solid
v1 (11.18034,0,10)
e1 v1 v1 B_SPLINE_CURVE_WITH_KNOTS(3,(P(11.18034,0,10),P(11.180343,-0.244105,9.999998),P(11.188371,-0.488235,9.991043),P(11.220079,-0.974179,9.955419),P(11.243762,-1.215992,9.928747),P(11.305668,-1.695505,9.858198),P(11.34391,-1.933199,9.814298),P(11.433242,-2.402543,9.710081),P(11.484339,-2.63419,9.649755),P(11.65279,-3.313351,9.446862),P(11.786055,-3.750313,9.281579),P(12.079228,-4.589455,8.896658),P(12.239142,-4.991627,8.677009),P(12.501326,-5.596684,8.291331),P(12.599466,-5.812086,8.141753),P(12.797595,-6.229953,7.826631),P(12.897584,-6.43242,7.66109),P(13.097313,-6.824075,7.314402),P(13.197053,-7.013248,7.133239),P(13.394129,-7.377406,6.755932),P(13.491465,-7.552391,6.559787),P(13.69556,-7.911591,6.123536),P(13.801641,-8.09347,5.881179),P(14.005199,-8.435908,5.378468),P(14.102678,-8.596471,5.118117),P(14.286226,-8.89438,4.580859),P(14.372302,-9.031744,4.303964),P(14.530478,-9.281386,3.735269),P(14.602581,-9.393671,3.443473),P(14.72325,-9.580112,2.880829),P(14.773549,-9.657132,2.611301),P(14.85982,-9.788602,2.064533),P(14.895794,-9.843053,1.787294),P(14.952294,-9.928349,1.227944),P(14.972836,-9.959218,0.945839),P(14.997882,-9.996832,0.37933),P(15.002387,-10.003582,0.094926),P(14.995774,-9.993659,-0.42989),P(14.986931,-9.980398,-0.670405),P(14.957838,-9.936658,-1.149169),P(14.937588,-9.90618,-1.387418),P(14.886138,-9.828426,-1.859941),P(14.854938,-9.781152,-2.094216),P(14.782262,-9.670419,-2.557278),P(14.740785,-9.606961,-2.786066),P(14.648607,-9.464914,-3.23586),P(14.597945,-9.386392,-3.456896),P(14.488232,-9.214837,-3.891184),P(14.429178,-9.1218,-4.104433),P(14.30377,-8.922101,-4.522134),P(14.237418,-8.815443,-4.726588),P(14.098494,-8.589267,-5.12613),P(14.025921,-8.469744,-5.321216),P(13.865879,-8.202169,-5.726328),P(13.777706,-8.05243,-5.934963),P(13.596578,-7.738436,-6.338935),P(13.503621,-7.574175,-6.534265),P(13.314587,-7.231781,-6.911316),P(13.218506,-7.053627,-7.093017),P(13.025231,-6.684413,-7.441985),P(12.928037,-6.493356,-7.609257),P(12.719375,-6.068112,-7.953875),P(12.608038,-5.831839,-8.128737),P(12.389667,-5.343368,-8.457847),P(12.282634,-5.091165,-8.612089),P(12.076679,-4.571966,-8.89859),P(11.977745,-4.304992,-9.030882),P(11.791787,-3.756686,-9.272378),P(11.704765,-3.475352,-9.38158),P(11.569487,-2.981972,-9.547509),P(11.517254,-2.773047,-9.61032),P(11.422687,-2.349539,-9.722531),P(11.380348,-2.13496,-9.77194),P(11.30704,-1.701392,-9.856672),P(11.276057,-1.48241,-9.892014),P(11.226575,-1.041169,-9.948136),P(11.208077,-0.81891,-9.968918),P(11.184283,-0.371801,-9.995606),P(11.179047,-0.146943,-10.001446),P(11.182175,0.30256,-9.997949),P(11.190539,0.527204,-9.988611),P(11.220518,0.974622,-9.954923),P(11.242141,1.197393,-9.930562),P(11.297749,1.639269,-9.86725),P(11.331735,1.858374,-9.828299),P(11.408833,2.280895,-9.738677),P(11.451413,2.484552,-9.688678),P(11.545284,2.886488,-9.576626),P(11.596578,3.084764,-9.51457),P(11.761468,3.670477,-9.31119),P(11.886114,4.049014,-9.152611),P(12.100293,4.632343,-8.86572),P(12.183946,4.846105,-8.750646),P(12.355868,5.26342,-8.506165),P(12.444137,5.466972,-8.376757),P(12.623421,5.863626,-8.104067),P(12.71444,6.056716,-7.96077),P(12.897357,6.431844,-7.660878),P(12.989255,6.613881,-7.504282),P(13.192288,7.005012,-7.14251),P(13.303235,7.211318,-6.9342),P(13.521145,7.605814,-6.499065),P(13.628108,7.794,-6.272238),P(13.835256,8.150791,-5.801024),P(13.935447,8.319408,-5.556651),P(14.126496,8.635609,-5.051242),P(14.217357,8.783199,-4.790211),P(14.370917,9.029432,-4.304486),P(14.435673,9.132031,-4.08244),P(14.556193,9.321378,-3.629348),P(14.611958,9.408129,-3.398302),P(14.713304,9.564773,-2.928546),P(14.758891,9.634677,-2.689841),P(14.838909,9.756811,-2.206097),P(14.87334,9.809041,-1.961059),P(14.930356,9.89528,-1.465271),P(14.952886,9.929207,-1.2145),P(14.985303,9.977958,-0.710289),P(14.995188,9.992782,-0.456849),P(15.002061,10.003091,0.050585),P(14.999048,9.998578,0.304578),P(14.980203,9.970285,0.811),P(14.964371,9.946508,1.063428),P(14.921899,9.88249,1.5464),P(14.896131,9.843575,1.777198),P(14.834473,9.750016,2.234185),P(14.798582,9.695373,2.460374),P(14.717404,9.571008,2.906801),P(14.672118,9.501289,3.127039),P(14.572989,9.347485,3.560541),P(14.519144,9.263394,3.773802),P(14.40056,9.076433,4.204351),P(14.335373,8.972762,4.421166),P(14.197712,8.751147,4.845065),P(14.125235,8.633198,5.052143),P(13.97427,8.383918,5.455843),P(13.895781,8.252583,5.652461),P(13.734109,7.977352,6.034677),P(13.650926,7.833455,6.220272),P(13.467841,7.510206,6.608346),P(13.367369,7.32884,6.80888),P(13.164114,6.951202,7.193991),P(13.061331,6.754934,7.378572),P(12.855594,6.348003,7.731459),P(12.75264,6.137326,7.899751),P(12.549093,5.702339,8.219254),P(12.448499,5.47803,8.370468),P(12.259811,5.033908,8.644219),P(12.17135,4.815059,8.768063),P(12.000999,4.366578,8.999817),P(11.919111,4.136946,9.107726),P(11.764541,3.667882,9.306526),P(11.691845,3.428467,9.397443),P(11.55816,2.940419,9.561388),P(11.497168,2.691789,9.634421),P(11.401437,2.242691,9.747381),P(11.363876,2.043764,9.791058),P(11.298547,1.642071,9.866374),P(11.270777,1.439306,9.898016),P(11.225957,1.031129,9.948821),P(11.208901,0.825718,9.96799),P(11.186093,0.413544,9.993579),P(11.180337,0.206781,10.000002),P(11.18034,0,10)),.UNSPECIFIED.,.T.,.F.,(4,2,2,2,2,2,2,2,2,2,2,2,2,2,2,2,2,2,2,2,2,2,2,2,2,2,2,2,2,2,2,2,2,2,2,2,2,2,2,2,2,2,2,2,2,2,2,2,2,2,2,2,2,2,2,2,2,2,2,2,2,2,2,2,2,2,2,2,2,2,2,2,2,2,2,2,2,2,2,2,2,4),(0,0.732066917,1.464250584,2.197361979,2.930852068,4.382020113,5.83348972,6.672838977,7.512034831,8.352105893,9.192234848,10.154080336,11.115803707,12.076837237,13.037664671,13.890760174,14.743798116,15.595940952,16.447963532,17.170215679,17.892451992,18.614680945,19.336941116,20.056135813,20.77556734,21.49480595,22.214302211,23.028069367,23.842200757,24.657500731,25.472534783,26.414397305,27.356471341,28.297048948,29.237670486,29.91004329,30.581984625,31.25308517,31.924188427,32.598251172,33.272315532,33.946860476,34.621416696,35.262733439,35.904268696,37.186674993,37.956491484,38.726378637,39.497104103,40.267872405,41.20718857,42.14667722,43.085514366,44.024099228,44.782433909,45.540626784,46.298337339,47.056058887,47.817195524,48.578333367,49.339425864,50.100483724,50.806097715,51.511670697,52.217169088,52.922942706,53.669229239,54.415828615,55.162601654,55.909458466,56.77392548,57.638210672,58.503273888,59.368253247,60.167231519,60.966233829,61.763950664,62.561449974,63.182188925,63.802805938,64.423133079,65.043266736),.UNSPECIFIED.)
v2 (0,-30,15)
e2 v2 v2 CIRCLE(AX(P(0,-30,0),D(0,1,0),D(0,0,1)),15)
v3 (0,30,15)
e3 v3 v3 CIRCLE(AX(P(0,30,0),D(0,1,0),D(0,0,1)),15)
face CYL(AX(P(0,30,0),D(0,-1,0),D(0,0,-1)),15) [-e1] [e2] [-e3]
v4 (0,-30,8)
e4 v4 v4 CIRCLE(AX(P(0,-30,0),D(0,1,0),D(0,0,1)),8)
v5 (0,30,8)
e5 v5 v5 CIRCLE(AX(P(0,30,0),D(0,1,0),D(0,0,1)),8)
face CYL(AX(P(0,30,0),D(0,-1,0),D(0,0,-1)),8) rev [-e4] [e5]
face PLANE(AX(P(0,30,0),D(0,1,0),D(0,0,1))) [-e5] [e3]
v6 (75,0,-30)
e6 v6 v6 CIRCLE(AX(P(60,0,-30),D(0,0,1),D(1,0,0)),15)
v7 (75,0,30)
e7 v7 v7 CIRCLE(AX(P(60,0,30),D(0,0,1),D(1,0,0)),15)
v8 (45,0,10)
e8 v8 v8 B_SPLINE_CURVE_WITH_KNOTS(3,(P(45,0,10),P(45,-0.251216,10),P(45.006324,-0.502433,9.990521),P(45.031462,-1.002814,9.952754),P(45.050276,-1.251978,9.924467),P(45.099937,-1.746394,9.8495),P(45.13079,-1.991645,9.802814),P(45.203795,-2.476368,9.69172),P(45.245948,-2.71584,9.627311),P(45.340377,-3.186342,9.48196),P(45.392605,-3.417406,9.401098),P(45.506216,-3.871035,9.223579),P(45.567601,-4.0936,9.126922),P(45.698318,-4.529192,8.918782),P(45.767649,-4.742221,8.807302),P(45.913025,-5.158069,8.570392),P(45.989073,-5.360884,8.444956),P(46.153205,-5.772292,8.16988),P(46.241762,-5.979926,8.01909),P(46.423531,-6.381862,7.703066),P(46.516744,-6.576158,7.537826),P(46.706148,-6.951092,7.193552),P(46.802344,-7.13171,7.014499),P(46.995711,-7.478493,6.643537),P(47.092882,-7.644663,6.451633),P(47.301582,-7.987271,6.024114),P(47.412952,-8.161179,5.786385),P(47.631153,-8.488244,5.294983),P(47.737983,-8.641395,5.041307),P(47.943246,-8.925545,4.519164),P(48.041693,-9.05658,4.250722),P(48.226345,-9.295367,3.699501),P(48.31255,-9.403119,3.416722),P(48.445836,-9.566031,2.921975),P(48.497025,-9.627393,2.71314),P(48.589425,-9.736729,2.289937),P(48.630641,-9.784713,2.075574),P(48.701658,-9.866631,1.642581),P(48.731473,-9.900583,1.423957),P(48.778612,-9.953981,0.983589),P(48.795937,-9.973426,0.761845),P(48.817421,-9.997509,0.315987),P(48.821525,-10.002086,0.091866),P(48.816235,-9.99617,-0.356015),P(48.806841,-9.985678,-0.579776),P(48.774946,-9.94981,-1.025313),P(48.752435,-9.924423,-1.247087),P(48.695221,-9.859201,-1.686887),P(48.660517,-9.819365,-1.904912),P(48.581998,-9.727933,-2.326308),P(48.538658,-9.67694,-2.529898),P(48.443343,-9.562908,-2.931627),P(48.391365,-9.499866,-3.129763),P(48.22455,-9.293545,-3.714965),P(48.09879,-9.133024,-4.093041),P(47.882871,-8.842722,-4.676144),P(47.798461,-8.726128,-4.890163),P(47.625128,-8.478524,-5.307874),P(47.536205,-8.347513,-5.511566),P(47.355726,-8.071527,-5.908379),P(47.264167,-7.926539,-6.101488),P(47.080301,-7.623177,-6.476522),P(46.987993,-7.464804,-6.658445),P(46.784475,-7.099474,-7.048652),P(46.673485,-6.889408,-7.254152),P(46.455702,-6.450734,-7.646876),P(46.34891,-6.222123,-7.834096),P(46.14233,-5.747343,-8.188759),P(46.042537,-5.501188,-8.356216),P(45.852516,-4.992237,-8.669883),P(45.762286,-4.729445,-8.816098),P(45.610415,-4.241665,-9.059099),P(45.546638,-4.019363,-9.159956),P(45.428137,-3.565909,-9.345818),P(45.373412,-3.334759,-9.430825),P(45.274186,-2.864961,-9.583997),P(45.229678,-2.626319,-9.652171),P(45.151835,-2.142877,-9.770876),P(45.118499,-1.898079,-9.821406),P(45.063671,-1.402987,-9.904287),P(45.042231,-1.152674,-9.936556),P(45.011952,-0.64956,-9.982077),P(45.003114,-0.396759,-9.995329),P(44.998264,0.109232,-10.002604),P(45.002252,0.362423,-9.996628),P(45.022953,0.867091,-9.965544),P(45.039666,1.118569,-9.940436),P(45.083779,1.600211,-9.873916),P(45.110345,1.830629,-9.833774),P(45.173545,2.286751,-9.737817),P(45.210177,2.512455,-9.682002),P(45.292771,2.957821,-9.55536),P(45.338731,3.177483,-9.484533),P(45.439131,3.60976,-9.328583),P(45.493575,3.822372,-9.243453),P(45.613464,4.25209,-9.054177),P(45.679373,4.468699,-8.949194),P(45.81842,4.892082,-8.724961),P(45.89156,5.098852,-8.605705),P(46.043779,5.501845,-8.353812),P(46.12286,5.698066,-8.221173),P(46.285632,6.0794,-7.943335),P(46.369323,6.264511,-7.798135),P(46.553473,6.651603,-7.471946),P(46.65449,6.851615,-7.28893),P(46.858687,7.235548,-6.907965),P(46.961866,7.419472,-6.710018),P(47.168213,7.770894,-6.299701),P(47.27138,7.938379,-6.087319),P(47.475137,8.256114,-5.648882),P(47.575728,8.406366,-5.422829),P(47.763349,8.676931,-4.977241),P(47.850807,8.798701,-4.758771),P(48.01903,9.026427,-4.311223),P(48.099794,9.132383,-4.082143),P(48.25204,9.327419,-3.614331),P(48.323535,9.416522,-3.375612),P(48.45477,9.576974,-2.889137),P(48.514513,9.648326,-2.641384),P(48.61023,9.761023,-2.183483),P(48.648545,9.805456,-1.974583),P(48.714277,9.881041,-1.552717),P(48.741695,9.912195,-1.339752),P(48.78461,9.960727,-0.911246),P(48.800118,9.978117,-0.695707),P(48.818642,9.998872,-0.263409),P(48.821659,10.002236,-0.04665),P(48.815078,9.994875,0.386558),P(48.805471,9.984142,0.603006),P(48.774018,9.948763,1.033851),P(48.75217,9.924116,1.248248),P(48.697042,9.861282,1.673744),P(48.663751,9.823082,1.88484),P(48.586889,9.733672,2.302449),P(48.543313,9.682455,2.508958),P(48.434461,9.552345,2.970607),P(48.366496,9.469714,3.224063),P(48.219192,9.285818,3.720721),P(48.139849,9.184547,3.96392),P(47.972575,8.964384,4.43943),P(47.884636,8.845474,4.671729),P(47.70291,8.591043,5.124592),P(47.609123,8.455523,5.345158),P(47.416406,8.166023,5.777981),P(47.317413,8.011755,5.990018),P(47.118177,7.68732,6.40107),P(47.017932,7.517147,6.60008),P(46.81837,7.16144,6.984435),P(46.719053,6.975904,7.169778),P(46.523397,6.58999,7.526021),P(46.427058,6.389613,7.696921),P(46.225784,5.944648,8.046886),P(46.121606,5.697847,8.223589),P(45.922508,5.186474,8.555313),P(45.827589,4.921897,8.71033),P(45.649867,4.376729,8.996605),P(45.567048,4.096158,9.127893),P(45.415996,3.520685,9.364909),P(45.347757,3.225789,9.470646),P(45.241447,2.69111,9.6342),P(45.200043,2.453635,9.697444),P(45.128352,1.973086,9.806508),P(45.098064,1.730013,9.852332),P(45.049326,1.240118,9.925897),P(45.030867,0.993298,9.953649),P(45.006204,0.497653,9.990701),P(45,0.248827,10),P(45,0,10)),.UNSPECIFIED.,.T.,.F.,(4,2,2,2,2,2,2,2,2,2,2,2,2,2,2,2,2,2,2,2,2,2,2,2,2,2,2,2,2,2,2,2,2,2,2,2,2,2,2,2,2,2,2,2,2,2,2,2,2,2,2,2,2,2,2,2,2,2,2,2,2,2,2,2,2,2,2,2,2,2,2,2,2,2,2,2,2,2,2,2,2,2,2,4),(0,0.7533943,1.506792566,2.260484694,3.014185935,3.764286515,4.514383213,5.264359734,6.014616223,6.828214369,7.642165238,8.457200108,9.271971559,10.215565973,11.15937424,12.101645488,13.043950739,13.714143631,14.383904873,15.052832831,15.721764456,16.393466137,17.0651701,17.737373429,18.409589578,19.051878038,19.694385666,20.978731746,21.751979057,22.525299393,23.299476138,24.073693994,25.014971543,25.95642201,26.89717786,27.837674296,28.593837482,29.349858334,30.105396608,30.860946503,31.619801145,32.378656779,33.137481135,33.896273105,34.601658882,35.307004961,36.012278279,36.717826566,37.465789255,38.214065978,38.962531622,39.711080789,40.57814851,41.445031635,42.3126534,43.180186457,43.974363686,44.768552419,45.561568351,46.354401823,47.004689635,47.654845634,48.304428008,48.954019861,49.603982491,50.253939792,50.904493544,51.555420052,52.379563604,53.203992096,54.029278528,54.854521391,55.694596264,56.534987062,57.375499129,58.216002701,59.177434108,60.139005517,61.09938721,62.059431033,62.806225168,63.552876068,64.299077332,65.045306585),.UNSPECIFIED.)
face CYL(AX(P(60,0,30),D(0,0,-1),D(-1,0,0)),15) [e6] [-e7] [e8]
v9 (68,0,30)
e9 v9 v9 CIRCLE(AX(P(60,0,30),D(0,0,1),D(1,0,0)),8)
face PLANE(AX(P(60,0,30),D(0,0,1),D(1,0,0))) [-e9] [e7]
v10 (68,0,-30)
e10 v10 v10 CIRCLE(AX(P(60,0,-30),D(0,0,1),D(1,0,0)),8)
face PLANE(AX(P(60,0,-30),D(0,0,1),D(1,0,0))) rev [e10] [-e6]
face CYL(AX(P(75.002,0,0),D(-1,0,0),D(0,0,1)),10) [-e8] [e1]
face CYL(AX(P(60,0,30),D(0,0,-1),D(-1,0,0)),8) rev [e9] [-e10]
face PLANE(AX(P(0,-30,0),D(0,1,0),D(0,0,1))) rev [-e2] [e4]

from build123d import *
from build123d.topology import SkipClean

# Parameters (mm, degrees)
SKETCH1_R                            = 15
SKETCH1_R_2                          = 8
BOSS_EXTRUDE1_DEPTH                  = 30
SKETCH3_R                            = 15
SKETCH3_R_2                          = 8
BOSS_EXTRUDE3_DEPTH                  = 30
BOSS_EXTRUDE4_REACH                  = 75.485
BOSS_EXTRUDE4_END_RADIUS             = 15
SKETCH4_R                            = 10
BOSS_EXTRUDE4_DIRECTION_2_REACH      = 75.485
BOSS_EXTRUDE4_DIRECTION_2_END_RADIUS = 15


with BuildPart() as part:
    # Sketch1 → Boss-Extrude1 (new, symmetric)
    with BuildSketch(Plane(origin=(0, 0, 0), x_dir=(1, 0, 0), z_dir=(0, 1, 0))):
        with Locations(Location((0, 0, 0), (0, 0, 270))):
            Circle(SKETCH1_R)
        with Locations(Location((0, 0, 0), (0, 0, 270))):
            Circle(SKETCH1_R_2, mode=Mode.SUBTRACT)
    extrude(amount=BOSS_EXTRUDE1_DEPTH, both=True)



with BuildPart() as body_2:
    # Sketch3 → Boss-Extrude3 (new, symmetric)
    with BuildSketch(Plane.XY):
        with Locations((60, 0)):
            Circle(SKETCH3_R)
        with Locations((60, 0)):
            Circle(SKETCH3_R_2, mode=Mode.SUBTRACT)
    extrude(amount=BOSS_EXTRUDE3_DEPTH, both=True)


with BuildPart() as part_1:
    add(part.part)

    add(body_2.part)  # Boss-Extrude4 merges body 2
    # Boss-Extrude4: up to this cylinder (the profile starts outside it)
    boss_extrude4_end = Plane(origin=(60, 0, 0), z_dir=(0, 0, -1)) * Cylinder(BOSS_EXTRUDE4_END_RADIUS, 181.97, mode=Mode.PRIVATE)
    # Sketch4 → Boss-Extrude4 (add, up to the surface)
    with BuildSketch(Plane(origin=(15, 0, 0), x_dir=(0, 0, -1), z_dir=(1, 0, 0)), mode=Mode.PRIVATE) as boss_extrude4_sk1:
        with Locations(Location((0, 0, 0), (0, 0, 180))):
            Circle(SKETCH4_R)
    boss_extrude4_tool1 = extrude(boss_extrude4_sk1.sketch, amount=BOSS_EXTRUDE4_REACH, mode=Mode.PRIVATE) - boss_extrude4_end
    add(boss_extrude4_tool1.solids().sort_by_distance((15, 0, 0))[0])

    # Boss-Extrude4 direction 2: up to this cylinder (the profile starts outside it)
    with SkipClean():  # the faces are left unmerged after this step: merging them gives an invalid solid
        boss_extrude4_direction_2_end = Plane(origin=(0, 0, 0), z_dir=(0, -1, 0)) * Cylinder(BOSS_EXTRUDE4_DIRECTION_2_END_RADIUS, 181.97, mode=Mode.PRIVATE)
        # Sketch4 → Boss-Extrude4 direction 2 (add, up to the surface)
        with BuildSketch(Plane(origin=(15, 0, 0), x_dir=(0, 0, -1), z_dir=(1, 0, 0)), mode=Mode.PRIVATE) as boss_extrude4_direction_2_sk1:
            with Locations(Location((0, 0, 0), (0, 0, 180))):
                Circle(SKETCH4_R)
        boss_extrude4_direction_2_tool1 = extrude(boss_extrude4_direction_2_sk1.sketch, amount=-BOSS_EXTRUDE4_DIRECTION_2_REACH, mode=Mode.PRIVATE) - boss_extrude4_direction_2_end
        add(boss_extrude4_direction_2_tool1.solids().sort_by_distance((15, 0, 0))[0])
        add(boss_extrude4_direction_2_tool1.solids().sort_by_distance((15, 0, 0))[1])


solid = part_1.part
